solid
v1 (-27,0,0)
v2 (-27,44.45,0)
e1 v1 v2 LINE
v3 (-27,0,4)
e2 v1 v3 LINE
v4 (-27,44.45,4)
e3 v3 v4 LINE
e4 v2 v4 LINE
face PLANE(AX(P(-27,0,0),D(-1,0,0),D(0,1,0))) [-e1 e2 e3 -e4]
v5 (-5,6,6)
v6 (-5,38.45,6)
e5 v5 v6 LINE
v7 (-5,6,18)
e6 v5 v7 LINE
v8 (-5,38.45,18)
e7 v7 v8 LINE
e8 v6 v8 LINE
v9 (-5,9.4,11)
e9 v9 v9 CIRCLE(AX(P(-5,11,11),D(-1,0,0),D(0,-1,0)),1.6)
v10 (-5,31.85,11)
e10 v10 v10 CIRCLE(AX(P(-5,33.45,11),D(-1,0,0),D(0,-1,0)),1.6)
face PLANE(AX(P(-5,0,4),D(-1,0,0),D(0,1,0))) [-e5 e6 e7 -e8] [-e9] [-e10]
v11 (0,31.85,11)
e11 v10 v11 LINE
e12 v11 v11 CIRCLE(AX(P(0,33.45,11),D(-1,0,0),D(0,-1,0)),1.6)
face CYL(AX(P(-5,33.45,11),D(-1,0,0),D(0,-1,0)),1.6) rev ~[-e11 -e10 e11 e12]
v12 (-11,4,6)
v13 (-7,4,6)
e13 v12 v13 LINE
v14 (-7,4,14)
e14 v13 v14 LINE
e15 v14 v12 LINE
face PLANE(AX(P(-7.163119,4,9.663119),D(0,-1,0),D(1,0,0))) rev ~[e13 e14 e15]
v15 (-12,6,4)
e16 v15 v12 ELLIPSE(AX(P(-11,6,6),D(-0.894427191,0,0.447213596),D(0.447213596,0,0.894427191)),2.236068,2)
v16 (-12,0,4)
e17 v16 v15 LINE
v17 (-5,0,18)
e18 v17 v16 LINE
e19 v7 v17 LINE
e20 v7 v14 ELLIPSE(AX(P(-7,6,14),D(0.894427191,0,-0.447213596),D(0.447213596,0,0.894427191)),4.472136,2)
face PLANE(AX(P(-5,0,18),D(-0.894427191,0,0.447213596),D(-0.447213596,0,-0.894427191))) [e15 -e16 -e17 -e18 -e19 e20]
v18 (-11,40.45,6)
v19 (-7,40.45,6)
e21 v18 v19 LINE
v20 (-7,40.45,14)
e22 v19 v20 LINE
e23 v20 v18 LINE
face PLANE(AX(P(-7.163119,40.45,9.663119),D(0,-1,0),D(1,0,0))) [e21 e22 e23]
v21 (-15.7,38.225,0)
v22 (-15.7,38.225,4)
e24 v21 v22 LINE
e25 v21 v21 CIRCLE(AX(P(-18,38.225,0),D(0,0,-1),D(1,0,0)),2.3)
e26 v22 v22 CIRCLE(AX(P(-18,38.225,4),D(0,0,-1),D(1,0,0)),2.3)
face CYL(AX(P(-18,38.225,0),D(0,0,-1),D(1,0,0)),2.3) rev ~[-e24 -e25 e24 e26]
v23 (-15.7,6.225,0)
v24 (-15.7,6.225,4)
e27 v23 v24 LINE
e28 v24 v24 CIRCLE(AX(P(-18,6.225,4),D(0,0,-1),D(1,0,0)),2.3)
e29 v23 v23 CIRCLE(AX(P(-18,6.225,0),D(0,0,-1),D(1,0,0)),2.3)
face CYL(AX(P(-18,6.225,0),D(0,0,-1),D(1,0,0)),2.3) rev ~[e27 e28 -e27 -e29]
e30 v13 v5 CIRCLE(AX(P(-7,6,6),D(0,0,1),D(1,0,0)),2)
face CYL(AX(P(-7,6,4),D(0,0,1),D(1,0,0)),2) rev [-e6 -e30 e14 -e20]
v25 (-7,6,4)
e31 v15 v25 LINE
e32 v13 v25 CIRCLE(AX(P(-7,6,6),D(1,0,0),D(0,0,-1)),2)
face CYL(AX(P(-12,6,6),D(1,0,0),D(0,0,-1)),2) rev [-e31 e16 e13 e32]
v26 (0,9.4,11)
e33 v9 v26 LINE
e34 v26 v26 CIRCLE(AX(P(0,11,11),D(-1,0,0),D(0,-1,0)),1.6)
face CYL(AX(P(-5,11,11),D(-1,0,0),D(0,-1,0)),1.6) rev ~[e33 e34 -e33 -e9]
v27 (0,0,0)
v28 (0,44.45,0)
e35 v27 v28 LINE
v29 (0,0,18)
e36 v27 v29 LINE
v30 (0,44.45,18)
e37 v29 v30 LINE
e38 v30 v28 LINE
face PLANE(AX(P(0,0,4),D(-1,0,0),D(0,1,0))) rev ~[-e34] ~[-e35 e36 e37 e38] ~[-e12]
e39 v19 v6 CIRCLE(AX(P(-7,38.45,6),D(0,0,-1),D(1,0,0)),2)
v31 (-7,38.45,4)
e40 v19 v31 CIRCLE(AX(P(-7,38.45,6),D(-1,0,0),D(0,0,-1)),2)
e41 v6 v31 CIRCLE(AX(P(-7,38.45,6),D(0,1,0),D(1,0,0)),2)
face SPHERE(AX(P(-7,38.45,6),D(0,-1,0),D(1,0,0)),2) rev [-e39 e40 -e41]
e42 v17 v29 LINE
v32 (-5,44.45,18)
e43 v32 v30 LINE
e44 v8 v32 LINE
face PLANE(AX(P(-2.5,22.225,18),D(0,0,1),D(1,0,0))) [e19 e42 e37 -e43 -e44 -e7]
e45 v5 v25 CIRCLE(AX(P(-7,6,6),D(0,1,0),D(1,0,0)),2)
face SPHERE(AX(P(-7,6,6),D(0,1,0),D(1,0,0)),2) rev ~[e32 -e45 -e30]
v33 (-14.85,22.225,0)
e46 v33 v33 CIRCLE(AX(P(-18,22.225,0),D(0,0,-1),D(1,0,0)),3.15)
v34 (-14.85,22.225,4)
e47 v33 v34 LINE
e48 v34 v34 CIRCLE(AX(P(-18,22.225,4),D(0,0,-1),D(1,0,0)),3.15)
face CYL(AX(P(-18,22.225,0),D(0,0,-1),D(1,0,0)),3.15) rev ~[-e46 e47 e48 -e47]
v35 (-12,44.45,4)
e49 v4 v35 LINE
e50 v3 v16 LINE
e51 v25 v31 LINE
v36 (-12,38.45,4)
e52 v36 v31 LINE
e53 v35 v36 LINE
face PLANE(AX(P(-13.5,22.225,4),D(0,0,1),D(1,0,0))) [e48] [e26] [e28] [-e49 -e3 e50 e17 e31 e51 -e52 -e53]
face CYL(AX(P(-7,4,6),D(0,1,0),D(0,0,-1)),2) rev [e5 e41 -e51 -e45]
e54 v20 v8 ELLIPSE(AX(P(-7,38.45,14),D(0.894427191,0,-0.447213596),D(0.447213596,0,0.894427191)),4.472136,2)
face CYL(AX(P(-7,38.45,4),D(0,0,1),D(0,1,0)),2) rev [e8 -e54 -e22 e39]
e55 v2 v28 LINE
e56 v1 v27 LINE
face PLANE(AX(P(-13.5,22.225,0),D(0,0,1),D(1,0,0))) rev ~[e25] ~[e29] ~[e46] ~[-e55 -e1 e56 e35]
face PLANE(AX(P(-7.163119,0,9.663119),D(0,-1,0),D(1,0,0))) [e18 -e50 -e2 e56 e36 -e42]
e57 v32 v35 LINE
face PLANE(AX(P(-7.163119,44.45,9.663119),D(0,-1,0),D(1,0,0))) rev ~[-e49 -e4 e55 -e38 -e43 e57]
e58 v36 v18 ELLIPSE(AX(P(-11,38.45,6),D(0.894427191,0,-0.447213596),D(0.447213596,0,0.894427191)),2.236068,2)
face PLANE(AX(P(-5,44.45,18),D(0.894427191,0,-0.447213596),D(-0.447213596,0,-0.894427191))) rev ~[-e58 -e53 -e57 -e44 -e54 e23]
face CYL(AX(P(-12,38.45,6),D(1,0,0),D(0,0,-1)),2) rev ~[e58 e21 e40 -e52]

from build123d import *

# Parameters (mm, degrees)
TABFACEPLATESKETCH_W      = 27
TABFACEPLATESKETCH_H      = 44.45
TABFACEPLATEPAD_DEPTH     = 4
TABFLANGESKETCH_W         = 5
TABFLANGESKETCH_H         = 44.45
TABFLANGEPAD_DEPTH        = 14
BOTTOMGUSSETPAD_DEPTH     = 4
TOPGUSSETPAD_DEPTH        = 4
RAILHOLESSKETCH_R         = 2.3
RAILHOLESSKETCH_R_2       = 3.15
RAILHOLESPOCKET_DEPTH     = 18.001
TABJOINTHOLESSKETCH_R     = 1.6
TABJOINTHOLESPOCKET_DEPTH = 5.001
TABINSIDEFILLETS_R        = 2


with BuildPart() as part:
    # TabFacePlateSketch → TabFacePlatePad (new body)
    with BuildSketch(Plane.XY):
        with Locations((-13.5, 22.225)):
            Rectangle(TABFACEPLATESKETCH_W, TABFACEPLATESKETCH_H)
    extrude(amount=TABFACEPLATEPAD_DEPTH)

    # TabFlangeSketch (on Face6 of TabFacePlatePad) → TabFlangePad (join)
    with BuildSketch(Plane.XY.offset(4)):
        with Locations((-2.5, 22.225)):
            Rectangle(TABFLANGESKETCH_W, TABFLANGESKETCH_H)
    extrude(amount=TABFLANGEPAD_DEPTH)

    # BottomGussetSketch (on Face6 of TabFlangePad) → BottomGussetPad (join)
    with BuildSketch(Plane.XZ):
        Polygon((-12, 4), (-5, 4), (-5, 18), align=None)
    extrude(amount=-BOTTOMGUSSETPAD_DEPTH)

    # TopGussetSketch (on Face2 of BottomGussetPad) → TopGussetPad (join)
    with BuildSketch(Plane(origin=(0, 44.45, 0), x_dir=(-1, 0, 0), z_dir=(0, 1, 0))):
        Polygon((12, 4), (5, 4), (5, 18), align=None)
    extrude(amount=-TOPGUSSETPAD_DEPTH)

    # RailHolesSketch (on Face3 of TopGussetPad) → RailHolesPocket (cut, through all)
    with BuildSketch(Plane(origin=(0, 0, 0), x_dir=(1, 0, 0), z_dir=(0, 0, -1))):
        with Locations((-18, -6.225)):
            Circle(RAILHOLESSKETCH_R)
        with Locations((-18, -22.225)):
            Circle(RAILHOLESSKETCH_R_2)
        with Locations((-18, -38.225)):
            Circle(RAILHOLESSKETCH_R)
    extrude(amount=-RAILHOLESPOCKET_DEPTH, mode=Mode.SUBTRACT)

    # TabJointHolesSketch (on Face14 of RailHolesPocket) → TabJointHolesPocket (cut, through all)
    with BuildSketch(Plane(origin=(-5, 0, 0), x_dir=(0, -1, 0), z_dir=(-1, 0, 0))):
        with Locations((-11, 11)):
            Circle(TABJOINTHOLESSKETCH_R)
        with Locations((-33.45, 11)):
            Circle(TABJOINTHOLESSKETCH_R)
    extrude(amount=-TABJOINTHOLESPOCKET_DEPTH, mode=Mode.SUBTRACT)

    # TabInsideFillets
    tabinsidefillets_edges = [part.edges().sort_by_distance(p)[0] for p in [
        (-5, 22.225, 4),
        (-5, 40.45, 11),
        (-5, 4, 11),
        (-8.5, 40.45, 4),
        (-8.5, 4, 4),
    ]]
    fillet(tabinsidefillets_edges, radius=TABINSIDEFILLETS_R)


solid = part.part
